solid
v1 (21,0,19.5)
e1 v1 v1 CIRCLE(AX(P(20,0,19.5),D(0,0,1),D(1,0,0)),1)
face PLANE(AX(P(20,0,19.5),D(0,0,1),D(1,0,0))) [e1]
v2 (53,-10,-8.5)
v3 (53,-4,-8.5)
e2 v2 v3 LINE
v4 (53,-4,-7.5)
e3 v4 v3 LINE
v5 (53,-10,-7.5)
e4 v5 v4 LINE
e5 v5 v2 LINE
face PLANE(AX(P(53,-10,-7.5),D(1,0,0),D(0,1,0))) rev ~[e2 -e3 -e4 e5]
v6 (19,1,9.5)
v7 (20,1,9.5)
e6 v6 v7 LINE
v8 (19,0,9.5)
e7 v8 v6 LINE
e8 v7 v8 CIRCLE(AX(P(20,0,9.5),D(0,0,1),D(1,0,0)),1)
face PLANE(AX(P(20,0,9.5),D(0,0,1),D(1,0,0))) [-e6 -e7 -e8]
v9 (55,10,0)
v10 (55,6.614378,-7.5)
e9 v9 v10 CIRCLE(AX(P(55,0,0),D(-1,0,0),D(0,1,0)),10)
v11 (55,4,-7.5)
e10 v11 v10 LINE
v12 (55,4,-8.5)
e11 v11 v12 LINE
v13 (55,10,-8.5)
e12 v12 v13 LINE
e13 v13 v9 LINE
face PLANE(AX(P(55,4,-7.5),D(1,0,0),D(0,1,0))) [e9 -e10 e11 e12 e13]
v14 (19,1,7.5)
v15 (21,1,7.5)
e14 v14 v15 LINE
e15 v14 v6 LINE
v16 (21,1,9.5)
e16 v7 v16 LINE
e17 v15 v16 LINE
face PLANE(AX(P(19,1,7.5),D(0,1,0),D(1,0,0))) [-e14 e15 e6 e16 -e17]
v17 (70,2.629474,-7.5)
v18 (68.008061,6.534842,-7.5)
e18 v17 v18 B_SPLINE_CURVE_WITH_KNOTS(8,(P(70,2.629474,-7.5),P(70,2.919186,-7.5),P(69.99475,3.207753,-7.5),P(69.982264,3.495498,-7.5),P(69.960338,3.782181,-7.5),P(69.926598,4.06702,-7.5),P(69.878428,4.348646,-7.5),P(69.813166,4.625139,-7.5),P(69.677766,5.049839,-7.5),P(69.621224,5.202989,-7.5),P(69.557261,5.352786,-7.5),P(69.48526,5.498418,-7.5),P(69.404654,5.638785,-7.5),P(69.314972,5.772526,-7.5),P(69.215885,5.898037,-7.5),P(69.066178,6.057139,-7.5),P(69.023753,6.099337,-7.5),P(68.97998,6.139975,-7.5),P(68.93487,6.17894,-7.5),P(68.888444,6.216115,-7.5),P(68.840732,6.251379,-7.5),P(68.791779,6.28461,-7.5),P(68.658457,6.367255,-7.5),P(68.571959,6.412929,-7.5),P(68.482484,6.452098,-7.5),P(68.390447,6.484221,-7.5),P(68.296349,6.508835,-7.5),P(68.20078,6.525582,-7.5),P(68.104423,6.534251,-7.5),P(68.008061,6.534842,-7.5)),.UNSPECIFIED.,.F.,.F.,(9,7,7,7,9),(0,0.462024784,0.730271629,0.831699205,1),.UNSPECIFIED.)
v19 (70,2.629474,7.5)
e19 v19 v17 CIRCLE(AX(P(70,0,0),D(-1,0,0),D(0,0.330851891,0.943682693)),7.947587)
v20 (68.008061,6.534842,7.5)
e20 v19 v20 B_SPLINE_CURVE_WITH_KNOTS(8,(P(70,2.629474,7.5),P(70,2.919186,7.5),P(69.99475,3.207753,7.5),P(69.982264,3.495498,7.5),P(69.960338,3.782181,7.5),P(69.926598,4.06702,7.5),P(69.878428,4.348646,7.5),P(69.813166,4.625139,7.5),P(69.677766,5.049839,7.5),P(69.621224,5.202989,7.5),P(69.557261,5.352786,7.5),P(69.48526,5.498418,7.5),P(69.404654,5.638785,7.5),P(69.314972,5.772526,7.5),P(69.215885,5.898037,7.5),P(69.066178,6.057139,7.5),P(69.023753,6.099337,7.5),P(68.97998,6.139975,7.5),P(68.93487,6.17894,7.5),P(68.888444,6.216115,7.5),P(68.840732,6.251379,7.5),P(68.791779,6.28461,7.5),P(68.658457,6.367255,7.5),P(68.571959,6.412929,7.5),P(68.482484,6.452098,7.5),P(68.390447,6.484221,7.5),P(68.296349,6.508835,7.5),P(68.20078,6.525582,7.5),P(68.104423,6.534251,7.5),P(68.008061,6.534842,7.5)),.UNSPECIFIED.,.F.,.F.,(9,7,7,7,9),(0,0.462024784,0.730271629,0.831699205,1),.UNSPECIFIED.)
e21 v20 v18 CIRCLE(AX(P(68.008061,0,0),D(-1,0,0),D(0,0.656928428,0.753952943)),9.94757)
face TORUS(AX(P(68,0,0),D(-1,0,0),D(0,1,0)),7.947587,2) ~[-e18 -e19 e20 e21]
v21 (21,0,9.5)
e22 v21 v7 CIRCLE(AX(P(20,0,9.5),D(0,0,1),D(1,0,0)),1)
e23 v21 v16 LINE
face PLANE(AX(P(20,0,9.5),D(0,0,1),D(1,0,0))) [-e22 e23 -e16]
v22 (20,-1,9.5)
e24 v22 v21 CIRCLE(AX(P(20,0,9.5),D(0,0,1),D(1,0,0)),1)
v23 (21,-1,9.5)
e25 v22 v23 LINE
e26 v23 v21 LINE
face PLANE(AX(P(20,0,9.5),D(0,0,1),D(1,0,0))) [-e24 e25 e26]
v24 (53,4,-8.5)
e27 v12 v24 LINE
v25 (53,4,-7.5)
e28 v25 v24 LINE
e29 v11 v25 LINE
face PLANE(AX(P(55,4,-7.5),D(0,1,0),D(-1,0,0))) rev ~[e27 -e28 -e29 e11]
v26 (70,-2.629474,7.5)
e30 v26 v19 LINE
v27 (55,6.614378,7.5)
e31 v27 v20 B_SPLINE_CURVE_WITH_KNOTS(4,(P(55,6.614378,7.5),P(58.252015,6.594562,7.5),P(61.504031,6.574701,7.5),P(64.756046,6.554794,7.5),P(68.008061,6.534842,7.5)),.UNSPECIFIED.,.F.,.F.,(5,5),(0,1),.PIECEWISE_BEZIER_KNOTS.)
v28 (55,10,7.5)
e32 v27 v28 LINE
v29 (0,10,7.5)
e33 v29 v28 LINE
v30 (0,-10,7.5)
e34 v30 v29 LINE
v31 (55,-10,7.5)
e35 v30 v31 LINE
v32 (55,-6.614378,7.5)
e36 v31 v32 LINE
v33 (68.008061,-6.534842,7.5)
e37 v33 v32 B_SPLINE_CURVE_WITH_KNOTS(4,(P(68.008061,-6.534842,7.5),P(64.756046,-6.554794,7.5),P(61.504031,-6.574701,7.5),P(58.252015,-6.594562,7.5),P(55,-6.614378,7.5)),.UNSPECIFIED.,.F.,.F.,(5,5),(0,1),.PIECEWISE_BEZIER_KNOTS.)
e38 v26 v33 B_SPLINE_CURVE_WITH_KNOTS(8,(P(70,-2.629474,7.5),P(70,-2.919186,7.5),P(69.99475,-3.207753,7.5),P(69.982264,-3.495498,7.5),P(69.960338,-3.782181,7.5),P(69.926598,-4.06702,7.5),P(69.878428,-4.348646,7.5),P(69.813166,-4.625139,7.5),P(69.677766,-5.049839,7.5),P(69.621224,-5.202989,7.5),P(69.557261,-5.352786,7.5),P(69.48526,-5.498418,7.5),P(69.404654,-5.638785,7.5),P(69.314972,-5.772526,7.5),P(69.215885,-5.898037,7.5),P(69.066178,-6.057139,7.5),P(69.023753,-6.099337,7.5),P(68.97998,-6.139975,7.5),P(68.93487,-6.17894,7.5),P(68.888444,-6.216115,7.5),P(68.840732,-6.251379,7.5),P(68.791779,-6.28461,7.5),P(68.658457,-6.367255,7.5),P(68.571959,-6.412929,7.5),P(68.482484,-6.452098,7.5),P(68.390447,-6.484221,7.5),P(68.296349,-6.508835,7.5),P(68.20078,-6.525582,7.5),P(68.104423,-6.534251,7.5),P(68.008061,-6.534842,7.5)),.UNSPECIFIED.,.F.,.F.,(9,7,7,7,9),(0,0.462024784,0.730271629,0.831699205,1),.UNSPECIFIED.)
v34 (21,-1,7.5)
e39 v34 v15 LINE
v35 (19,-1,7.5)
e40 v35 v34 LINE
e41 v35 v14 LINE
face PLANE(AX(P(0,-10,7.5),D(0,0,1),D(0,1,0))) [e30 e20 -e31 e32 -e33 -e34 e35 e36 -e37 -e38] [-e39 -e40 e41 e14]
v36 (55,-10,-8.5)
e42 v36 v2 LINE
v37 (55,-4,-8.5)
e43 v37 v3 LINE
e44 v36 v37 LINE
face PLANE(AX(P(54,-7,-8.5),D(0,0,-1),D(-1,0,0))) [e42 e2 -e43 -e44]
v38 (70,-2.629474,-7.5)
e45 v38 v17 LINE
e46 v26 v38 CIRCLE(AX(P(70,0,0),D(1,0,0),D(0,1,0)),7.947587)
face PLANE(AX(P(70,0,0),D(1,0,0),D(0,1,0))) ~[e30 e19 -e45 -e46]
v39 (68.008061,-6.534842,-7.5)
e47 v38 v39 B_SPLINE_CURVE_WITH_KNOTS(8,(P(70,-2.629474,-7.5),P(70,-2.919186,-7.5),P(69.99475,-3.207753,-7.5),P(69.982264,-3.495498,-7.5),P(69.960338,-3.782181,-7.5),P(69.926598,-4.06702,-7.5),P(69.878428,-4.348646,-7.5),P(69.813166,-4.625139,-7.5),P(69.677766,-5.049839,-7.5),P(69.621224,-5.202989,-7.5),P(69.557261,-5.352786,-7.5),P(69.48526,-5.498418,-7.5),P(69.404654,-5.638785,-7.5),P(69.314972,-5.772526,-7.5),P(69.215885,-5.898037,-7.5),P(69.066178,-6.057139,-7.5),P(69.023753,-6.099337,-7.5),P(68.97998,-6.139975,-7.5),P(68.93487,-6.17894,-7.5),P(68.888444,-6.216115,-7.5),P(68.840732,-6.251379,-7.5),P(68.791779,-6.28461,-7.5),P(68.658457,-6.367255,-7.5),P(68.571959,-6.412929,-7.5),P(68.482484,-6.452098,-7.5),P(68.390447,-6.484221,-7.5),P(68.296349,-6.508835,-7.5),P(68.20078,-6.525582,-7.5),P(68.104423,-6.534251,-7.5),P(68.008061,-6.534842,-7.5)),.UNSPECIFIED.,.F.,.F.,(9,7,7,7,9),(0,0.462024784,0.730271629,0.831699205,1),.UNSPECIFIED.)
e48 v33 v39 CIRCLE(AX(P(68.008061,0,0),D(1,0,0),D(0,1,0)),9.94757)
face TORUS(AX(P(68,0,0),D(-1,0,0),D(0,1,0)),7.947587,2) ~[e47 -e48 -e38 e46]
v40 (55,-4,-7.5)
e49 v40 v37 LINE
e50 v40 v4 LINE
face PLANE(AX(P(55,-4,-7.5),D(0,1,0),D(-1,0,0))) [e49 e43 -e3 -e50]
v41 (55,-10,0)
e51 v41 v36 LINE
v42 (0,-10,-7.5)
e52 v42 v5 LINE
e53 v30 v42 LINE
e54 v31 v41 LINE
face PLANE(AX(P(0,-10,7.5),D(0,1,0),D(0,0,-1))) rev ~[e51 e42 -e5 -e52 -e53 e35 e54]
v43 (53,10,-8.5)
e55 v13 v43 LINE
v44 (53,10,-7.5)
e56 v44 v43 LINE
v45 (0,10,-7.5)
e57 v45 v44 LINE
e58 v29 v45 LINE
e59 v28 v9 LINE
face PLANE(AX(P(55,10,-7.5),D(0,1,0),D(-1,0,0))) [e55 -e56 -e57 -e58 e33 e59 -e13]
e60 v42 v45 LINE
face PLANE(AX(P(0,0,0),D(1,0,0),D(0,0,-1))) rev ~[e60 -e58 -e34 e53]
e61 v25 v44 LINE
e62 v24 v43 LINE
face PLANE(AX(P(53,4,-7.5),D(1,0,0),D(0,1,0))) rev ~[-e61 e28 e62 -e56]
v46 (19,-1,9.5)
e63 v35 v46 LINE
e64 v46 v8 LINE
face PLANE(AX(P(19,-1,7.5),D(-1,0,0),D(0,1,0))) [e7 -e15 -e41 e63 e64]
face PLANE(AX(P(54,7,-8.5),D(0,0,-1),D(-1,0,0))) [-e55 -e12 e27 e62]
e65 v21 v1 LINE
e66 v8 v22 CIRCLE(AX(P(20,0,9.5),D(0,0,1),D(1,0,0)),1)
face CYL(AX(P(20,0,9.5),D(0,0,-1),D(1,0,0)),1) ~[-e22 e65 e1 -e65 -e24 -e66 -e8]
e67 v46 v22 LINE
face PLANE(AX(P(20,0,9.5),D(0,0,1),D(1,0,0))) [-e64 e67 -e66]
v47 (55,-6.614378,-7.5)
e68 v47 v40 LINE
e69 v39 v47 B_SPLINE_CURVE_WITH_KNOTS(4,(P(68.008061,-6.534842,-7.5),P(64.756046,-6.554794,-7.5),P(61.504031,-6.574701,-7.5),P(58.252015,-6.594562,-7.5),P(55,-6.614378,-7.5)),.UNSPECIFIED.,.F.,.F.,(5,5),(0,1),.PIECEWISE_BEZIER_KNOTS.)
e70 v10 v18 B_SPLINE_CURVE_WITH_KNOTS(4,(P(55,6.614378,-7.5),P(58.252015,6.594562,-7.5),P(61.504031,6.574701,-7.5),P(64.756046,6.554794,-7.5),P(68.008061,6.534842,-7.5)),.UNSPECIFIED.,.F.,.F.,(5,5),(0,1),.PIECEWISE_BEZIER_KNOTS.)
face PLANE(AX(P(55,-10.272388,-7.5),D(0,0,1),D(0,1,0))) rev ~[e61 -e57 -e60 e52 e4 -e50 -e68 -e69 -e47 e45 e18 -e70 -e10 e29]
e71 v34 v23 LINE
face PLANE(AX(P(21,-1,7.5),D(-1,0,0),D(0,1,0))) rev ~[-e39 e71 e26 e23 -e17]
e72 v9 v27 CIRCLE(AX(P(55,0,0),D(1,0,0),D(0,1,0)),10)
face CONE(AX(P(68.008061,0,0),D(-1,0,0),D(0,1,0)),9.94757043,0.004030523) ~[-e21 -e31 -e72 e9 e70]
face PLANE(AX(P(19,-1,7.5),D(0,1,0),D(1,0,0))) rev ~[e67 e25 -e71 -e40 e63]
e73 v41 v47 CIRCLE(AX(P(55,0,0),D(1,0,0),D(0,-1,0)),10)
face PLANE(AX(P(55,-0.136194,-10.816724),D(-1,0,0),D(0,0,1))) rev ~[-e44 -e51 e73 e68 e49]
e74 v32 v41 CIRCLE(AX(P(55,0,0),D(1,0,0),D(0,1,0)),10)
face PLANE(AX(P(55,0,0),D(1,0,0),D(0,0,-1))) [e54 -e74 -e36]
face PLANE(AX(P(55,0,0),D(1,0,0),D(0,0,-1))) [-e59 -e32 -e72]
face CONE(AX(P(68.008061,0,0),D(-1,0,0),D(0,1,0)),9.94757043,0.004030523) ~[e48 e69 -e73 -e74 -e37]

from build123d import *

# Parameters (mm, degrees)
SKETCH_1_W          = 15
SKETCH_1_H          = 20
EXTRUDE_1_DEPTH     = 55
SKETCH_3_W          = 2
SKETCH_3_H          = 6
EXTRUDE_2_DEPTH     = 1
SKETCH_4_W          = 2
SKETCH_4_H          = 2
EXTRUDE_3_DEPTH     = 2
SKETCH_5_W          = 6.633447251
SKETCH_5_H          = 20.27238771
SKETCH_5_W_2        = 12.16711561
SKETCH_5_H_2        = 23.052373823
CUT_EXTRUDE_1_DEPTH = 24
SKETCH_6_R          = 1
EXTRUDE_4_DEPTH     = 10


with BuildPart() as part:
    # 草图1 → 凸台-拉伸1 (new body)
    with BuildSketch(Plane(origin=(0, 0, 0), x_dir=(0, 0, -1), z_dir=(1, 0, 0))):
        Rectangle(SKETCH_1_W, SKETCH_1_H)
    extrude(amount=EXTRUDE_1_DEPTH)

    # 草图2 → 旋转1 (revolve)
    with BuildSketch(Plane.XY):
        with BuildLine():
            Line((55, 0), (70, 0))
            Line((70, 0), (70, 7.947586675))
            ThreePointArc((70, 7.947586675), (69.417060699, 9.358947358), (68.008061024, 9.94757043))
            Line((68.008061024, 9.94757043), (55, 10))
            Line((55, 10), (55, 0))
        make_face()
    revolve(axis=Axis((55, 0, 0), (1, 0, 0)))

    # 草图3 → 凸台-拉伸2 (add)
    with BuildSketch(Plane(origin=(0, 0, -7.5), x_dir=(-1, 0, 0), z_dir=(0, 0, -1))):
        with Locations((-54, 7)):
            Rectangle(SKETCH_3_W, SKETCH_3_H)
        with Locations((-54, -7)):
            Rectangle(SKETCH_3_W, SKETCH_3_H)
    extrude(amount=EXTRUDE_2_DEPTH)

    # 草图4 → 凸台-拉伸3 (add)
    with BuildSketch(Plane.XY.offset(7.5)):
        with Locations((20, 0)):
            Rectangle(SKETCH_4_W, SKETCH_4_H)
    extrude(amount=EXTRUDE_3_DEPTH)

    # 草图5 → 切除-拉伸1 (cut)
    with BuildSketch(Plane.ZY.offset(-55)):
        with Locations((-10.816723626, -0.136193855)):
            Rectangle(SKETCH_5_W, SKETCH_5_H)
        with Locations((13.583557805, -1.526186911)):
            Rectangle(SKETCH_5_W_2, SKETCH_5_H_2)
    extrude(amount=-CUT_EXTRUDE_1_DEPTH, mode=Mode.SUBTRACT)

    # 草图6 → 凸台-拉伸4 (add)
    with BuildSketch(Plane.XY.offset(9.5)):
        with Locations((20, 0)):
            Circle(SKETCH_6_R)
    extrude(amount=EXTRUDE_4_DEPTH)


solid = part.part
